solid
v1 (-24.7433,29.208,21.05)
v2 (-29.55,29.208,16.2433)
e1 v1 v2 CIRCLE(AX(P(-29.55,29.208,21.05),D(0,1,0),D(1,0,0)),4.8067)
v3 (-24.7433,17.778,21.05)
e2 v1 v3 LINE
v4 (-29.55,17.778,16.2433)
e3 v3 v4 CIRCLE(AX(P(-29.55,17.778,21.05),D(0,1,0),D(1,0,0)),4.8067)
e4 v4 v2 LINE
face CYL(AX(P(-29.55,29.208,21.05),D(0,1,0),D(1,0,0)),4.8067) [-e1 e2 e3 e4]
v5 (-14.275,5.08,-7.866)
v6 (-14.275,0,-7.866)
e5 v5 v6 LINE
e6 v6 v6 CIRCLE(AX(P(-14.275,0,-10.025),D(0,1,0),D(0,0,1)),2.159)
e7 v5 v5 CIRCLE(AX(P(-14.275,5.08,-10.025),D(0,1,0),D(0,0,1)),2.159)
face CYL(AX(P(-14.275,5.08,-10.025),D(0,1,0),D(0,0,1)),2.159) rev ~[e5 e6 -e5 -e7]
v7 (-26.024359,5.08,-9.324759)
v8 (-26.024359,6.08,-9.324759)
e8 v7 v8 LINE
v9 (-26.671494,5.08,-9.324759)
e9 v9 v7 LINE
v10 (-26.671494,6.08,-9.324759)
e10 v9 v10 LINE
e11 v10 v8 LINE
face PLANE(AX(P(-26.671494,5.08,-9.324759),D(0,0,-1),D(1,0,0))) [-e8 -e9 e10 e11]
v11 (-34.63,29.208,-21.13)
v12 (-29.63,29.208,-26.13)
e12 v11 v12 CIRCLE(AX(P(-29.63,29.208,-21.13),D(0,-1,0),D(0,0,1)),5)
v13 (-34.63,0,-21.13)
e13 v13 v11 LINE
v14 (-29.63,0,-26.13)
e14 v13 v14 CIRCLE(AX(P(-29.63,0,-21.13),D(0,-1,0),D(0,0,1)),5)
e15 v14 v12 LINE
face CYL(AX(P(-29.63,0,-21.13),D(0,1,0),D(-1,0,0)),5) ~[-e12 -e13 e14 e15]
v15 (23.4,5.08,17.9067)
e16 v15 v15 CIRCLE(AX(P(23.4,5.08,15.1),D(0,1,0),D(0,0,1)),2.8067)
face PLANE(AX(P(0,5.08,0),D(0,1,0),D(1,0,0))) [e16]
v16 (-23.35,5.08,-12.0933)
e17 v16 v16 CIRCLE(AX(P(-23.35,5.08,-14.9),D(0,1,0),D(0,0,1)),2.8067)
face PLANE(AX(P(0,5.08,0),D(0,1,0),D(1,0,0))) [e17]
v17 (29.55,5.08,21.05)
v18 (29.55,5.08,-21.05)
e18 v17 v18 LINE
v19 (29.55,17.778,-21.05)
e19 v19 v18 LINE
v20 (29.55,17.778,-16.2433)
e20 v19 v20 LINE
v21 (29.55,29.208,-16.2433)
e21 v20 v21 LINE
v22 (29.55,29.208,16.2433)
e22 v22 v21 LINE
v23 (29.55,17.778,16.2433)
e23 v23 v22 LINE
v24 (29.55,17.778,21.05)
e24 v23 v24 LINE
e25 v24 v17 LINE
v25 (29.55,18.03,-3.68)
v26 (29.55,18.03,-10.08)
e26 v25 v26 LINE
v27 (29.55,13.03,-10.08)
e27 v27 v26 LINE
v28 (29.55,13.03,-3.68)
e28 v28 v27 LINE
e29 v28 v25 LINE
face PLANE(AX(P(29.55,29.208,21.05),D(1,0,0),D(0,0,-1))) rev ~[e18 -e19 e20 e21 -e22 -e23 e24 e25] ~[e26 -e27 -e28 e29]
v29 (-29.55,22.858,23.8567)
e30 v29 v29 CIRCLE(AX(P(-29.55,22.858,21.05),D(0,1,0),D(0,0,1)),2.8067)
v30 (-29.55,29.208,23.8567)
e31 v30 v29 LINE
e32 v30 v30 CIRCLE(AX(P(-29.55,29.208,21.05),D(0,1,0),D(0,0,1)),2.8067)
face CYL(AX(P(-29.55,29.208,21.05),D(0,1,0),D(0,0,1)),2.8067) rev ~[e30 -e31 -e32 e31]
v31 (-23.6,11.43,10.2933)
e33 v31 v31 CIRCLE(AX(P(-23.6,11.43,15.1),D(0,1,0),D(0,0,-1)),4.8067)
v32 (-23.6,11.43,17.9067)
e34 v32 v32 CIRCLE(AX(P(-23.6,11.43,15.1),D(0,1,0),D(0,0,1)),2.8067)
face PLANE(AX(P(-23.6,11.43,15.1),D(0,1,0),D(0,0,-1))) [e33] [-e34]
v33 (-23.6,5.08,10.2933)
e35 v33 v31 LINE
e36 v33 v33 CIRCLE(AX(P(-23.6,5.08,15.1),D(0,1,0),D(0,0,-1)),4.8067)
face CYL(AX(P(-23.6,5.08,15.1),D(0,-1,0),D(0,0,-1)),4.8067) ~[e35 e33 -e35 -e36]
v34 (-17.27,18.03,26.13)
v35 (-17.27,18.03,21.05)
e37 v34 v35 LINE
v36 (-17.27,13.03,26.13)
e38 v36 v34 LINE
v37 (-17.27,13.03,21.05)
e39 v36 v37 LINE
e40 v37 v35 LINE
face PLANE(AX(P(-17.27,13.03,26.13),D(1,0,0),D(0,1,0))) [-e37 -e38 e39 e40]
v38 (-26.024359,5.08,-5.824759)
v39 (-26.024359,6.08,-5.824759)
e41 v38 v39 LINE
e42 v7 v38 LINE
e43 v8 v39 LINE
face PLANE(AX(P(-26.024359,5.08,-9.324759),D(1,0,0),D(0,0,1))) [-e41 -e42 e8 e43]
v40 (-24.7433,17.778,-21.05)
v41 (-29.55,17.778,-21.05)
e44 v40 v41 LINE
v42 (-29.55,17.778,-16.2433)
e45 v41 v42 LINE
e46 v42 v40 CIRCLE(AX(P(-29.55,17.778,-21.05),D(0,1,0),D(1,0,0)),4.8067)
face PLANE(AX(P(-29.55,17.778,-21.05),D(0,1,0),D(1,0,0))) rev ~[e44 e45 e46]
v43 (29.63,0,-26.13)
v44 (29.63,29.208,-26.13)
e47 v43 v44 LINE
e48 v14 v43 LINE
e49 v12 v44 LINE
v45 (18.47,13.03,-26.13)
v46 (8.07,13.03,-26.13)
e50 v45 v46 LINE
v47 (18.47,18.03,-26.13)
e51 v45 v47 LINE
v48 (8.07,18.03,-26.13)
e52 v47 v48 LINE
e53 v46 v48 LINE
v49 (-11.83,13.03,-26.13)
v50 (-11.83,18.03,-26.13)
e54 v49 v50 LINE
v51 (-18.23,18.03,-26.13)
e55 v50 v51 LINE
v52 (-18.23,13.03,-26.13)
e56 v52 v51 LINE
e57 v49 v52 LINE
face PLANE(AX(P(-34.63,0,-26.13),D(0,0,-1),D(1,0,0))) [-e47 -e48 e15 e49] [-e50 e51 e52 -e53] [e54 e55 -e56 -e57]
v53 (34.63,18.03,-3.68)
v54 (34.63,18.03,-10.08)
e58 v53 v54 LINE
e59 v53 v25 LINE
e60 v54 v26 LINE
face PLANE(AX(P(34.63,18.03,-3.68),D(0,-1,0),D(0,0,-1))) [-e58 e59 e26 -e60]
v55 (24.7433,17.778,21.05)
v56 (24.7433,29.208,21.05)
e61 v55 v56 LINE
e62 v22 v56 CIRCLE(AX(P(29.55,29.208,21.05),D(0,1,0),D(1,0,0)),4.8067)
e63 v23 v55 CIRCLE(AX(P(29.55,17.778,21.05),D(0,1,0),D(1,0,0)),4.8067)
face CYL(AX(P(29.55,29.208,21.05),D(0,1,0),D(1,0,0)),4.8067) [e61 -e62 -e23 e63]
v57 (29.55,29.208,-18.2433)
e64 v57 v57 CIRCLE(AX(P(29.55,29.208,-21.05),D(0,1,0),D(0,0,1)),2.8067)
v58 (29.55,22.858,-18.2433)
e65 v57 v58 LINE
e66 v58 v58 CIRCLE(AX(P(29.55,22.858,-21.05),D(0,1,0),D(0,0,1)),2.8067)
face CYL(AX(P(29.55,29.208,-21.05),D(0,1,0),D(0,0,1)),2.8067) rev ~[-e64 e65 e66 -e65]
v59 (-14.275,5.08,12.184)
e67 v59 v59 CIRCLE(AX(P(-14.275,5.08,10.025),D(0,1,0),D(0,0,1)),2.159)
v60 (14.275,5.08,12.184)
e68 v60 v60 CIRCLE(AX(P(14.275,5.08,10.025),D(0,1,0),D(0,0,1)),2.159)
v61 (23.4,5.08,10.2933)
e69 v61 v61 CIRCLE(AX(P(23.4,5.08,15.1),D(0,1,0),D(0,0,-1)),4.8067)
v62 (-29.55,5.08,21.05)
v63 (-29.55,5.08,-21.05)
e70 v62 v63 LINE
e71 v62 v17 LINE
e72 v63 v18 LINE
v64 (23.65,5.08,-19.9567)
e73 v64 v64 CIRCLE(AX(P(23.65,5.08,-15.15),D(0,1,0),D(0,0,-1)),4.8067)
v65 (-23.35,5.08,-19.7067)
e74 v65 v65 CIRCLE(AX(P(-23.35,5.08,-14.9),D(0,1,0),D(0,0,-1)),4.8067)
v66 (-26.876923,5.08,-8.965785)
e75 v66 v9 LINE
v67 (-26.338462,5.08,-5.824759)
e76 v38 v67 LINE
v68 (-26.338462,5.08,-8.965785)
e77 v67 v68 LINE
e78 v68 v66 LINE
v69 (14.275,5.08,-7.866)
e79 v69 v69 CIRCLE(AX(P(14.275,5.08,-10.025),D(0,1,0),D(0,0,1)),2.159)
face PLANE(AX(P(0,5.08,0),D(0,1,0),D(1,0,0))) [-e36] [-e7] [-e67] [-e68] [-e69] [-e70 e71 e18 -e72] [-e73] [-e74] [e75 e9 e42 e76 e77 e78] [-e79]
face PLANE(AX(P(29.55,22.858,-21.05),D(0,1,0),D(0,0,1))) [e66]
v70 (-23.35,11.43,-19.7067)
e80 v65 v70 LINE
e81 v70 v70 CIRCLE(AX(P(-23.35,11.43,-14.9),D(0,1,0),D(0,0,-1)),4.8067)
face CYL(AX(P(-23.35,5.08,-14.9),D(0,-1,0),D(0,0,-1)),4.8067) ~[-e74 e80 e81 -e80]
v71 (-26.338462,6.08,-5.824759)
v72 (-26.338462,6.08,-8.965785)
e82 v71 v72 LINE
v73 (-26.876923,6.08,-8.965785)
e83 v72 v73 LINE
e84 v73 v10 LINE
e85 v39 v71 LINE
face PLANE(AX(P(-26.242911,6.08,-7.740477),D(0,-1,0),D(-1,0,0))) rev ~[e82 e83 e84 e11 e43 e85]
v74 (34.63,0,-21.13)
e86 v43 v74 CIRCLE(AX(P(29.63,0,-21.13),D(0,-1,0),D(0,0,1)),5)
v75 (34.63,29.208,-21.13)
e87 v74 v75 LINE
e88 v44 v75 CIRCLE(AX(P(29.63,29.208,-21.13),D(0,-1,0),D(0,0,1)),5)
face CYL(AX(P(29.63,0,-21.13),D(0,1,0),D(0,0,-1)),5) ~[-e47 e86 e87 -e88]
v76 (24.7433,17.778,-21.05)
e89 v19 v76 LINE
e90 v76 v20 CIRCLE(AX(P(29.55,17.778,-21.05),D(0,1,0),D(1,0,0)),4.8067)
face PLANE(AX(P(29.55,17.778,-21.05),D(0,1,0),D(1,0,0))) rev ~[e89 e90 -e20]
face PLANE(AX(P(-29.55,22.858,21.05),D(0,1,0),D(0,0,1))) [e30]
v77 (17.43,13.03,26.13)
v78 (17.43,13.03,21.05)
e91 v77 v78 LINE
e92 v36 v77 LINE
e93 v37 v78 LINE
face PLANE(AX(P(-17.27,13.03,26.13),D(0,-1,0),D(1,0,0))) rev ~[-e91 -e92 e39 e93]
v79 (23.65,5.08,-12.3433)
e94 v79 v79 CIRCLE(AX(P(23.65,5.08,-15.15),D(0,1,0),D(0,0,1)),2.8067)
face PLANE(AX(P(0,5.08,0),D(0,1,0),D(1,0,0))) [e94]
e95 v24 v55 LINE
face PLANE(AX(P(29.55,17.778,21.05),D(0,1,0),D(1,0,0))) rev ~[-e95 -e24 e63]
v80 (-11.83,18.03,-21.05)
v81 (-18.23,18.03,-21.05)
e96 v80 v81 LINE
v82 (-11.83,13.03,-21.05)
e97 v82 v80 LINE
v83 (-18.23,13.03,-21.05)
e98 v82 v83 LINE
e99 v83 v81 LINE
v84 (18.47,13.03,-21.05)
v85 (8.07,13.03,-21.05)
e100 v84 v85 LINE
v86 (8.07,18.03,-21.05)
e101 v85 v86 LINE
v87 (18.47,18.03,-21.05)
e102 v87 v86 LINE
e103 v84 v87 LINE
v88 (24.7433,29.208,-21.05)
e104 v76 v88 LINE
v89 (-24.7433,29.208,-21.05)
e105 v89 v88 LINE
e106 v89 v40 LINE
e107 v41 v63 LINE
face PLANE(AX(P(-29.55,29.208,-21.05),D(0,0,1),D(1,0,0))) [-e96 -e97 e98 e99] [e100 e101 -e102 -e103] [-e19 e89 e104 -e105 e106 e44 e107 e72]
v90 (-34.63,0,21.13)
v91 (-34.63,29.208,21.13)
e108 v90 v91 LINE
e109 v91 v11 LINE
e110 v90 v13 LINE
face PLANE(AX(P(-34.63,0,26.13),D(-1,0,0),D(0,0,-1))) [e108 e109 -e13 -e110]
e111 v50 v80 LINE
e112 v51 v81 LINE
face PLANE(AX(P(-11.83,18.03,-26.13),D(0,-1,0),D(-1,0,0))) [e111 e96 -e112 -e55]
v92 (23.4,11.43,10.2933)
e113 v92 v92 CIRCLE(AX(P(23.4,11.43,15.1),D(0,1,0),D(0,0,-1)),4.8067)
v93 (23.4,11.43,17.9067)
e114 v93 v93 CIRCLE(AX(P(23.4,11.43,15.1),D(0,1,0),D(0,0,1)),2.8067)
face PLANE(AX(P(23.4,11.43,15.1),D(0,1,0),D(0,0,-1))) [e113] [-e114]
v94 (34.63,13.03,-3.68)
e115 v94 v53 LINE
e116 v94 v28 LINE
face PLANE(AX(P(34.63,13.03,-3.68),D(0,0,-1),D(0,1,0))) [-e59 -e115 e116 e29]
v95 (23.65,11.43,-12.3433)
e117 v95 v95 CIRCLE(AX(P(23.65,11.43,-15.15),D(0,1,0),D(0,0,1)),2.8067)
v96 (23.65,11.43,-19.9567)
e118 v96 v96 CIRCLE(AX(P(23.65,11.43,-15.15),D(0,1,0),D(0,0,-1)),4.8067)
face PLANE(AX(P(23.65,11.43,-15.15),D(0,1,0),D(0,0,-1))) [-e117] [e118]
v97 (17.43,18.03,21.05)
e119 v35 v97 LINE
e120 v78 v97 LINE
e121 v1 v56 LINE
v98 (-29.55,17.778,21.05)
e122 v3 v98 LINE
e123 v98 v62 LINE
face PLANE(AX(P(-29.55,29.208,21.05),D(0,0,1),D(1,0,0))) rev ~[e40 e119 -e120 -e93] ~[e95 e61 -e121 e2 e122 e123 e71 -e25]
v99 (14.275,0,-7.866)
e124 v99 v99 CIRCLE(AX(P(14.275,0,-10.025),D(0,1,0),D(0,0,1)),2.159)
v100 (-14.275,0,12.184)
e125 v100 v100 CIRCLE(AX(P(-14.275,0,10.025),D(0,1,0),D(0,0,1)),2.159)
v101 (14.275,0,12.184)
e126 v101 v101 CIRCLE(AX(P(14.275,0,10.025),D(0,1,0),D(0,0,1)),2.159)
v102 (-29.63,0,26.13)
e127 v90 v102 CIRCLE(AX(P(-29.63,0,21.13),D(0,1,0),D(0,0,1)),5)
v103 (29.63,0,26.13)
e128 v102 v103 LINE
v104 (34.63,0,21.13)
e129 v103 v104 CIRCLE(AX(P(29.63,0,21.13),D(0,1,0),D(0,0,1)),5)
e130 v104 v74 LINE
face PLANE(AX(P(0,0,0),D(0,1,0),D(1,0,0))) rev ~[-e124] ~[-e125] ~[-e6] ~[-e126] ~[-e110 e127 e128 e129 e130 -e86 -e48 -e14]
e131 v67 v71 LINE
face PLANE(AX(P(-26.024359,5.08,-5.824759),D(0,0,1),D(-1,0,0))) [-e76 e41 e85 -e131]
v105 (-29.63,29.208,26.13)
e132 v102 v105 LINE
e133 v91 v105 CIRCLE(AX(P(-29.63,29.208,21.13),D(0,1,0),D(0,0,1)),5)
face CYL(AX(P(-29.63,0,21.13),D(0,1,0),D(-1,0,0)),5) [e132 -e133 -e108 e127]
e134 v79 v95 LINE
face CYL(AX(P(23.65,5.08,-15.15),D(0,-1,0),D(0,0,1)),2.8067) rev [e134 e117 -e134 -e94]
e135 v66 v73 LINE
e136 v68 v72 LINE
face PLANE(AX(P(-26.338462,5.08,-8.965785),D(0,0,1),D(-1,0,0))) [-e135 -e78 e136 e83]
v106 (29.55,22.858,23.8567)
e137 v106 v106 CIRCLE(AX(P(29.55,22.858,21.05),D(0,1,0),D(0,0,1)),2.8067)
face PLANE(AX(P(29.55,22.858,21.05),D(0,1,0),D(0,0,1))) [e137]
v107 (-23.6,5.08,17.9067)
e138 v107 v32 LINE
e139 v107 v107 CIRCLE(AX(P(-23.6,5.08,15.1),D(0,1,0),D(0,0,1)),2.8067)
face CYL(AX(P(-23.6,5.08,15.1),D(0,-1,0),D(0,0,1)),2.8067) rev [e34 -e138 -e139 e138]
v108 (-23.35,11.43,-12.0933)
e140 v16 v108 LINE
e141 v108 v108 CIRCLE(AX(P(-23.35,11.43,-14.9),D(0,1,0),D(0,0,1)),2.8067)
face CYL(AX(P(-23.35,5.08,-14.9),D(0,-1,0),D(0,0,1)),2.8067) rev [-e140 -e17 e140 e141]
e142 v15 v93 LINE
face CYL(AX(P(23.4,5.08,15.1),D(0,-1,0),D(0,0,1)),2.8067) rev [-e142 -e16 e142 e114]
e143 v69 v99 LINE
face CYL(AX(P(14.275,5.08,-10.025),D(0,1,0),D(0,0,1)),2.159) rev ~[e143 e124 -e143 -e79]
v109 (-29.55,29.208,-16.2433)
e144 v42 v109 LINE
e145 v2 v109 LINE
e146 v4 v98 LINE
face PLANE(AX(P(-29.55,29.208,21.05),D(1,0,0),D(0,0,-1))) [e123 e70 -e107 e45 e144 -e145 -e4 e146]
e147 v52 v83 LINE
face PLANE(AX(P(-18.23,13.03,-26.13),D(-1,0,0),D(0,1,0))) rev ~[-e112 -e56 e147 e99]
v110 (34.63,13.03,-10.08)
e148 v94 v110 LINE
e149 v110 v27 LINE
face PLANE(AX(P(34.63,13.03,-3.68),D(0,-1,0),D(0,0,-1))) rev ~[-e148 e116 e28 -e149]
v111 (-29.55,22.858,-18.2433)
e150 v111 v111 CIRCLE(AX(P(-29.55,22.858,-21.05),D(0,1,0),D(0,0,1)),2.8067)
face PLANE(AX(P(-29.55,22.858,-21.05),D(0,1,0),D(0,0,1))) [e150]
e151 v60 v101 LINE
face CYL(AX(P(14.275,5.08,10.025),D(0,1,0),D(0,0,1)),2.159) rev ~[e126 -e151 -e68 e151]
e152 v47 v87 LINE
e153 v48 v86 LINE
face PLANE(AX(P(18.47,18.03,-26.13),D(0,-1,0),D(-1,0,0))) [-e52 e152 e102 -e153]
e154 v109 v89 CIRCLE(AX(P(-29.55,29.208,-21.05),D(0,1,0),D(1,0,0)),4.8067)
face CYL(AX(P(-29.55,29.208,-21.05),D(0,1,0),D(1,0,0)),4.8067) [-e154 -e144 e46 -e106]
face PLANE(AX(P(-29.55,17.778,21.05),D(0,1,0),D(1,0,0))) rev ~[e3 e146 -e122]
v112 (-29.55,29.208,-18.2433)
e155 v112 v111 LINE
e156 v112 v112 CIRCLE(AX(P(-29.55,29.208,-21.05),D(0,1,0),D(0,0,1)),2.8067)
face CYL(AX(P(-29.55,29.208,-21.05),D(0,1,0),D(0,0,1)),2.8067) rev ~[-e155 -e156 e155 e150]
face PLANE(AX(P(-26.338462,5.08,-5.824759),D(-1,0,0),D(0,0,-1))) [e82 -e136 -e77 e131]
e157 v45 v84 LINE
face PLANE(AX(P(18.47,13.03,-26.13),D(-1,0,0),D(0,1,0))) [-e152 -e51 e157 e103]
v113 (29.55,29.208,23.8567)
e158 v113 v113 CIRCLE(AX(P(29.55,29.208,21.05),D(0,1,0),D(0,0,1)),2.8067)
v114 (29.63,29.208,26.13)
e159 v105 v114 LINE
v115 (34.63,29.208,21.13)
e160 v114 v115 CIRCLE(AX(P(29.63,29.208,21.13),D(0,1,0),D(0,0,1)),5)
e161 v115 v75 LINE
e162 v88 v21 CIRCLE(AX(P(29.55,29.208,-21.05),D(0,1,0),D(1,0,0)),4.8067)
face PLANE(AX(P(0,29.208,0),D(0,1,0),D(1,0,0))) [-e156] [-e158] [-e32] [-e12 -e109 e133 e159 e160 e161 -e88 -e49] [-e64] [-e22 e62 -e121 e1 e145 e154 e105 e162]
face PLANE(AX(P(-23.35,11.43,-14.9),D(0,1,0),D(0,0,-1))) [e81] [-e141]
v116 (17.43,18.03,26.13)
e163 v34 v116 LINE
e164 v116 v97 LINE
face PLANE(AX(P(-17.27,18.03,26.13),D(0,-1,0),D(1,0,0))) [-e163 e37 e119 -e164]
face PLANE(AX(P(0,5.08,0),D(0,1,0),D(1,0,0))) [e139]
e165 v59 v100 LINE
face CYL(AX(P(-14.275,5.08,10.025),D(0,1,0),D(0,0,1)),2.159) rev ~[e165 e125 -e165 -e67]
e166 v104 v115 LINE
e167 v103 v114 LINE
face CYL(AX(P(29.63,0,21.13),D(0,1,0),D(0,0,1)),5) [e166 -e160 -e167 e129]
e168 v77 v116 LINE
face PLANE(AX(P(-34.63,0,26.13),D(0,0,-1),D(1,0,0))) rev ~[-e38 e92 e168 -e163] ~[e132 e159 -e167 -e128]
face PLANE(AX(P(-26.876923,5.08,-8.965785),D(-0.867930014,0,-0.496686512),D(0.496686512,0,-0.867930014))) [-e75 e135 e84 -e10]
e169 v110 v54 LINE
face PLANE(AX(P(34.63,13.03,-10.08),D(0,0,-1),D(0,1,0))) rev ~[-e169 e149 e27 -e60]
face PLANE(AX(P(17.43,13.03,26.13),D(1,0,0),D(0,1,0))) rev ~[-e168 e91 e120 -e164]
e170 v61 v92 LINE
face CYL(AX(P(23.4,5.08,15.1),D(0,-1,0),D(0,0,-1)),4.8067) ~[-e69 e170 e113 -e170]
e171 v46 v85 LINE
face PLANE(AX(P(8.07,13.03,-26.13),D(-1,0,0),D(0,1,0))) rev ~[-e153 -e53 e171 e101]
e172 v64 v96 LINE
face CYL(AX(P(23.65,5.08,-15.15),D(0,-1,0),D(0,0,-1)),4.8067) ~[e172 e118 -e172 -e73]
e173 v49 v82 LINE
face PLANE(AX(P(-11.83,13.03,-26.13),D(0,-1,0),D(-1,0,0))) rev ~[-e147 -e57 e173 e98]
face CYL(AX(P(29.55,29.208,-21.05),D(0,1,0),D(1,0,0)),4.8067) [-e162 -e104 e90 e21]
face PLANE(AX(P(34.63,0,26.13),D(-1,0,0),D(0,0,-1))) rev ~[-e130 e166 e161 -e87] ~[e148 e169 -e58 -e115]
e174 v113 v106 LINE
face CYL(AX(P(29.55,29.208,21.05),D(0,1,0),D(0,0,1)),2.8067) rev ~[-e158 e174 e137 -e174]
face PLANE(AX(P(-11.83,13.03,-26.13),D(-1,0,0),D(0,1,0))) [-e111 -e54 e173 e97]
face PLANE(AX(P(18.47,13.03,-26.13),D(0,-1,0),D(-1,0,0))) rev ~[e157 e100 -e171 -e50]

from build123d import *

# Parameters (mm, degrees)
SKETCH1_W                  = 69.26
SKETCH1_H                  = 52.26
BOSS_EXTRUDE3_DEPTH        = 29.208
SKETCH2_W                  = 59.1
SKETCH2_H                  = 42.1
CUT_EXTRUDE4_DEPTH         = 24.128
FILLET1_R                  = 5
SKETCH3_R                  = 4.8067
BOSS_EXTRUDE4_DEPTH        = 11.43
SKETCH3_3_R                = 2.8067
CUT_EXTRUDE5_DEPTH         = 6.35
SKETCH9_R                  = 4.8067
SKETCH9_R_2                = 2.8067
BOSS_EXTRUDE5_DEPTH        = 6.35
SKETCH10_R                 = 2.159
CUT_EXTRUDE6_DEPTH         = 5.08
BOSS_EXTRUDE6_DEPTH        = 1
FACE_2_CONNECTOR_HOLES_W   = 6.4
FACE_2_CONNECTOR_HOLES_H   = 5
FACE_2_CONNECTOR_HOLES_W_2 = 10.4
CUT_EXTRUDE7_DEPTH         = 5.08
FACE_3_CONNECTOR_HOLES_W   = 6.4
FACE_3_CONNECTOR_HOLES_H   = 5
CUT_EXTRUDE8_DEPTH         = 5.08
FACE_4_CONNECTOR_HOLES_W   = 34.7
FACE_4_CONNECTOR_HOLES_H   = 5
CUT_EXTRUDE9_DEPTH         = 5.08


with BuildPart() as part:
    # Sketch1 → Boss-Extrude3 (new body)
    with BuildSketch(Plane(origin=(0, 0, 0), x_dir=(1, 0, 0), z_dir=(0, 1, 0))):
        Rectangle(SKETCH1_W, SKETCH1_H)
    extrude(amount=BOSS_EXTRUDE3_DEPTH)

    # Sketch2 → Cut-Extrude4 (cut)
    with BuildSketch(Plane(origin=(0, 29.208, 0), x_dir=(1, 0, 0), z_dir=(0, 1, 0))):
        Rectangle(SKETCH2_W, SKETCH2_H)
    extrude(amount=-CUT_EXTRUDE4_DEPTH, mode=Mode.SUBTRACT)

    # Fillet1
    fillet1_edges = [part.edges().sort_by_distance(p)[0] for p in [
        (-34.63, 14.604, 26.13),
        (34.63, 14.604, 26.13),
        (34.63, 14.604, -26.13),
        (-34.63, 14.604, -26.13),
    ]]
    fillet(fillet1_edges, radius=FILLET1_R)

    # Sketch3 → Boss-Extrude4 (add)
    with BuildSketch(Plane(origin=(0, 29.208, 0), x_dir=(1, 0, 0), z_dir=(0, 1, 0))):
        with Locations((-29.55, 21.05)):
            Circle(SKETCH3_R)
        with Locations((29.55, 21.05)):
            Circle(SKETCH3_R)
        with Locations((-29.55, -21.05)):
            Circle(SKETCH3_R)
        with Locations((29.55, -21.05)):
            Circle(SKETCH3_R)
    extrude(amount=-BOSS_EXTRUDE4_DEPTH)

    # Sketch3<3> → Cut-Extrude5 (cut)
    with BuildSketch(Plane(origin=(0, 29.208, 0), x_dir=(1, 0, 0), z_dir=(0, 1, 0))):
        with Locations(Location((-29.55, 21.05, 0), (0, 0, 270))):
            Circle(SKETCH3_3_R)
        with Locations(Location((29.55, 21.05, 0), (0, 0, 270))):
            Circle(SKETCH3_3_R)
        with Locations(Location((29.55, -21.05, 0), (0, 0, 270))):
            Circle(SKETCH3_3_R)
        with Locations(Location((-29.55, -21.05, 0), (0, 0, 270))):
            Circle(SKETCH3_3_R)
    extrude(amount=-CUT_EXTRUDE5_DEPTH, mode=Mode.SUBTRACT)

    # Sketch9 → Boss-Extrude5 (add)
    # profile 1 of 4: a face of its own
    with BuildSketch(Plane(origin=(0, 5.08, 0), x_dir=(1, 0, 0), z_dir=(0, 1, 0))):
        with Locations(Location((-23.35, 14.9, 0), (0, 0, 90))):
            Circle(SKETCH9_R)
        with Locations(Location((-23.35, 14.9, 0), (0, 0, 270))):
            Circle(SKETCH9_R_2, mode=Mode.SUBTRACT)
    # profile 2 of 4: a face of its own
    with BuildSketch(Plane(origin=(0, 5.08, 0), x_dir=(1, 0, 0), z_dir=(0, 1, 0))):
        with Locations(Location((23.65, 15.15, 0), (0, 0, 90))):
            Circle(SKETCH9_R)
        with Locations(Location((23.65, 15.15, 0), (0, 0, 270))):
            Circle(SKETCH9_R_2, mode=Mode.SUBTRACT)
    # profile 3 of 4: a face of its own
    with BuildSketch(Plane(origin=(0, 5.08, 0), x_dir=(1, 0, 0), z_dir=(0, 1, 0))):
        with Locations(Location((23.4, -15.1, 0), (0, 0, 90))):
            Circle(SKETCH9_R)
        with Locations(Location((23.4, -15.1, 0), (0, 0, 270))):
            Circle(SKETCH9_R_2, mode=Mode.SUBTRACT)
    # profile 4 of 4: a face of its own
    with BuildSketch(Plane(origin=(0, 5.08, 0), x_dir=(1, 0, 0), z_dir=(0, 1, 0))):
        with Locations(Location((-23.6, -15.1, 0), (0, 0, 90))):
            Circle(SKETCH9_R)
        with Locations(Location((-23.6, -15.1, 0), (0, 0, 270))):
            Circle(SKETCH9_R_2, mode=Mode.SUBTRACT)
    extrude(amount=BOSS_EXTRUDE5_DEPTH)

    # Sketch10 → Cut-Extrude6 (cut)
    with BuildSketch(Plane(origin=(0, 5.08, 0), x_dir=(1, 0, 0), z_dir=(0, 1, 0))):
        with Locations(Location((14.275, 10.025, 0), (0, 0, 270))):
            Circle(SKETCH10_R)
        with Locations(Location((14.275, -10.025, 0), (0, 0, 270))):
            Circle(SKETCH10_R)
        with Locations(Location((-14.275, 10.025, 0), (0, 0, 270))):
            Circle(SKETCH10_R)
        with Locations(Location((-14.275, -10.025, 0), (0, 0, 270))):
            Circle(SKETCH10_R)
    extrude(amount=-CUT_EXTRUDE6_DEPTH, mode=Mode.SUBTRACT)

    # Sketch12 → Boss-Extrude6 (add)
    with BuildSketch(Plane(origin=(0, 5.08, 0), x_dir=(1, 0, 0), z_dir=(0, 1, 0))):
        Polygon((-26.671494391, 9.324758956), (-26.024358974, 9.324758956), (-26.024358974, 5.824758956), (-26.338461538, 5.824758956), (-26.338461538, 8.965784597), (-26.876923077, 8.965784597), align=None)
    extrude(amount=BOSS_EXTRUDE6_DEPTH)

    # Face 2 Connector Holes → Cut-Extrude7 (cut)
    with BuildSketch(Plane(origin=(0, 0, -26.13), x_dir=(-1, 0, 0), z_dir=(0, 0, -1))):
        with Locations((15.03, 15.53)):
            Rectangle(FACE_2_CONNECTOR_HOLES_W, FACE_2_CONNECTOR_HOLES_H)
        with Locations((-13.27, 15.53)):
            Rectangle(FACE_2_CONNECTOR_HOLES_W_2, FACE_2_CONNECTOR_HOLES_H)
    extrude(amount=-CUT_EXTRUDE7_DEPTH, mode=Mode.SUBTRACT)

    # Face 3 Connector Holes → Cut-Extrude8 (cut)
    with BuildSketch(Plane(origin=(34.63, 0, 0), x_dir=(0, 0, -1), z_dir=(1, 0, 0))):
        with Locations((6.88, 15.53)):
            Rectangle(FACE_3_CONNECTOR_HOLES_W, FACE_3_CONNECTOR_HOLES_H)
    extrude(amount=-CUT_EXTRUDE8_DEPTH, mode=Mode.SUBTRACT)

    # Face 4 Connector Holes → Cut-Extrude9 (cut)
    with BuildSketch(Plane.XY.offset(26.13)):
        with Locations((0.08, 15.53)):
            Rectangle(FACE_4_CONNECTOR_HOLES_W, FACE_4_CONNECTOR_HOLES_H)
    extrude(amount=-CUT_EXTRUDE9_DEPTH, mode=Mode.SUBTRACT)


solid = part.part
